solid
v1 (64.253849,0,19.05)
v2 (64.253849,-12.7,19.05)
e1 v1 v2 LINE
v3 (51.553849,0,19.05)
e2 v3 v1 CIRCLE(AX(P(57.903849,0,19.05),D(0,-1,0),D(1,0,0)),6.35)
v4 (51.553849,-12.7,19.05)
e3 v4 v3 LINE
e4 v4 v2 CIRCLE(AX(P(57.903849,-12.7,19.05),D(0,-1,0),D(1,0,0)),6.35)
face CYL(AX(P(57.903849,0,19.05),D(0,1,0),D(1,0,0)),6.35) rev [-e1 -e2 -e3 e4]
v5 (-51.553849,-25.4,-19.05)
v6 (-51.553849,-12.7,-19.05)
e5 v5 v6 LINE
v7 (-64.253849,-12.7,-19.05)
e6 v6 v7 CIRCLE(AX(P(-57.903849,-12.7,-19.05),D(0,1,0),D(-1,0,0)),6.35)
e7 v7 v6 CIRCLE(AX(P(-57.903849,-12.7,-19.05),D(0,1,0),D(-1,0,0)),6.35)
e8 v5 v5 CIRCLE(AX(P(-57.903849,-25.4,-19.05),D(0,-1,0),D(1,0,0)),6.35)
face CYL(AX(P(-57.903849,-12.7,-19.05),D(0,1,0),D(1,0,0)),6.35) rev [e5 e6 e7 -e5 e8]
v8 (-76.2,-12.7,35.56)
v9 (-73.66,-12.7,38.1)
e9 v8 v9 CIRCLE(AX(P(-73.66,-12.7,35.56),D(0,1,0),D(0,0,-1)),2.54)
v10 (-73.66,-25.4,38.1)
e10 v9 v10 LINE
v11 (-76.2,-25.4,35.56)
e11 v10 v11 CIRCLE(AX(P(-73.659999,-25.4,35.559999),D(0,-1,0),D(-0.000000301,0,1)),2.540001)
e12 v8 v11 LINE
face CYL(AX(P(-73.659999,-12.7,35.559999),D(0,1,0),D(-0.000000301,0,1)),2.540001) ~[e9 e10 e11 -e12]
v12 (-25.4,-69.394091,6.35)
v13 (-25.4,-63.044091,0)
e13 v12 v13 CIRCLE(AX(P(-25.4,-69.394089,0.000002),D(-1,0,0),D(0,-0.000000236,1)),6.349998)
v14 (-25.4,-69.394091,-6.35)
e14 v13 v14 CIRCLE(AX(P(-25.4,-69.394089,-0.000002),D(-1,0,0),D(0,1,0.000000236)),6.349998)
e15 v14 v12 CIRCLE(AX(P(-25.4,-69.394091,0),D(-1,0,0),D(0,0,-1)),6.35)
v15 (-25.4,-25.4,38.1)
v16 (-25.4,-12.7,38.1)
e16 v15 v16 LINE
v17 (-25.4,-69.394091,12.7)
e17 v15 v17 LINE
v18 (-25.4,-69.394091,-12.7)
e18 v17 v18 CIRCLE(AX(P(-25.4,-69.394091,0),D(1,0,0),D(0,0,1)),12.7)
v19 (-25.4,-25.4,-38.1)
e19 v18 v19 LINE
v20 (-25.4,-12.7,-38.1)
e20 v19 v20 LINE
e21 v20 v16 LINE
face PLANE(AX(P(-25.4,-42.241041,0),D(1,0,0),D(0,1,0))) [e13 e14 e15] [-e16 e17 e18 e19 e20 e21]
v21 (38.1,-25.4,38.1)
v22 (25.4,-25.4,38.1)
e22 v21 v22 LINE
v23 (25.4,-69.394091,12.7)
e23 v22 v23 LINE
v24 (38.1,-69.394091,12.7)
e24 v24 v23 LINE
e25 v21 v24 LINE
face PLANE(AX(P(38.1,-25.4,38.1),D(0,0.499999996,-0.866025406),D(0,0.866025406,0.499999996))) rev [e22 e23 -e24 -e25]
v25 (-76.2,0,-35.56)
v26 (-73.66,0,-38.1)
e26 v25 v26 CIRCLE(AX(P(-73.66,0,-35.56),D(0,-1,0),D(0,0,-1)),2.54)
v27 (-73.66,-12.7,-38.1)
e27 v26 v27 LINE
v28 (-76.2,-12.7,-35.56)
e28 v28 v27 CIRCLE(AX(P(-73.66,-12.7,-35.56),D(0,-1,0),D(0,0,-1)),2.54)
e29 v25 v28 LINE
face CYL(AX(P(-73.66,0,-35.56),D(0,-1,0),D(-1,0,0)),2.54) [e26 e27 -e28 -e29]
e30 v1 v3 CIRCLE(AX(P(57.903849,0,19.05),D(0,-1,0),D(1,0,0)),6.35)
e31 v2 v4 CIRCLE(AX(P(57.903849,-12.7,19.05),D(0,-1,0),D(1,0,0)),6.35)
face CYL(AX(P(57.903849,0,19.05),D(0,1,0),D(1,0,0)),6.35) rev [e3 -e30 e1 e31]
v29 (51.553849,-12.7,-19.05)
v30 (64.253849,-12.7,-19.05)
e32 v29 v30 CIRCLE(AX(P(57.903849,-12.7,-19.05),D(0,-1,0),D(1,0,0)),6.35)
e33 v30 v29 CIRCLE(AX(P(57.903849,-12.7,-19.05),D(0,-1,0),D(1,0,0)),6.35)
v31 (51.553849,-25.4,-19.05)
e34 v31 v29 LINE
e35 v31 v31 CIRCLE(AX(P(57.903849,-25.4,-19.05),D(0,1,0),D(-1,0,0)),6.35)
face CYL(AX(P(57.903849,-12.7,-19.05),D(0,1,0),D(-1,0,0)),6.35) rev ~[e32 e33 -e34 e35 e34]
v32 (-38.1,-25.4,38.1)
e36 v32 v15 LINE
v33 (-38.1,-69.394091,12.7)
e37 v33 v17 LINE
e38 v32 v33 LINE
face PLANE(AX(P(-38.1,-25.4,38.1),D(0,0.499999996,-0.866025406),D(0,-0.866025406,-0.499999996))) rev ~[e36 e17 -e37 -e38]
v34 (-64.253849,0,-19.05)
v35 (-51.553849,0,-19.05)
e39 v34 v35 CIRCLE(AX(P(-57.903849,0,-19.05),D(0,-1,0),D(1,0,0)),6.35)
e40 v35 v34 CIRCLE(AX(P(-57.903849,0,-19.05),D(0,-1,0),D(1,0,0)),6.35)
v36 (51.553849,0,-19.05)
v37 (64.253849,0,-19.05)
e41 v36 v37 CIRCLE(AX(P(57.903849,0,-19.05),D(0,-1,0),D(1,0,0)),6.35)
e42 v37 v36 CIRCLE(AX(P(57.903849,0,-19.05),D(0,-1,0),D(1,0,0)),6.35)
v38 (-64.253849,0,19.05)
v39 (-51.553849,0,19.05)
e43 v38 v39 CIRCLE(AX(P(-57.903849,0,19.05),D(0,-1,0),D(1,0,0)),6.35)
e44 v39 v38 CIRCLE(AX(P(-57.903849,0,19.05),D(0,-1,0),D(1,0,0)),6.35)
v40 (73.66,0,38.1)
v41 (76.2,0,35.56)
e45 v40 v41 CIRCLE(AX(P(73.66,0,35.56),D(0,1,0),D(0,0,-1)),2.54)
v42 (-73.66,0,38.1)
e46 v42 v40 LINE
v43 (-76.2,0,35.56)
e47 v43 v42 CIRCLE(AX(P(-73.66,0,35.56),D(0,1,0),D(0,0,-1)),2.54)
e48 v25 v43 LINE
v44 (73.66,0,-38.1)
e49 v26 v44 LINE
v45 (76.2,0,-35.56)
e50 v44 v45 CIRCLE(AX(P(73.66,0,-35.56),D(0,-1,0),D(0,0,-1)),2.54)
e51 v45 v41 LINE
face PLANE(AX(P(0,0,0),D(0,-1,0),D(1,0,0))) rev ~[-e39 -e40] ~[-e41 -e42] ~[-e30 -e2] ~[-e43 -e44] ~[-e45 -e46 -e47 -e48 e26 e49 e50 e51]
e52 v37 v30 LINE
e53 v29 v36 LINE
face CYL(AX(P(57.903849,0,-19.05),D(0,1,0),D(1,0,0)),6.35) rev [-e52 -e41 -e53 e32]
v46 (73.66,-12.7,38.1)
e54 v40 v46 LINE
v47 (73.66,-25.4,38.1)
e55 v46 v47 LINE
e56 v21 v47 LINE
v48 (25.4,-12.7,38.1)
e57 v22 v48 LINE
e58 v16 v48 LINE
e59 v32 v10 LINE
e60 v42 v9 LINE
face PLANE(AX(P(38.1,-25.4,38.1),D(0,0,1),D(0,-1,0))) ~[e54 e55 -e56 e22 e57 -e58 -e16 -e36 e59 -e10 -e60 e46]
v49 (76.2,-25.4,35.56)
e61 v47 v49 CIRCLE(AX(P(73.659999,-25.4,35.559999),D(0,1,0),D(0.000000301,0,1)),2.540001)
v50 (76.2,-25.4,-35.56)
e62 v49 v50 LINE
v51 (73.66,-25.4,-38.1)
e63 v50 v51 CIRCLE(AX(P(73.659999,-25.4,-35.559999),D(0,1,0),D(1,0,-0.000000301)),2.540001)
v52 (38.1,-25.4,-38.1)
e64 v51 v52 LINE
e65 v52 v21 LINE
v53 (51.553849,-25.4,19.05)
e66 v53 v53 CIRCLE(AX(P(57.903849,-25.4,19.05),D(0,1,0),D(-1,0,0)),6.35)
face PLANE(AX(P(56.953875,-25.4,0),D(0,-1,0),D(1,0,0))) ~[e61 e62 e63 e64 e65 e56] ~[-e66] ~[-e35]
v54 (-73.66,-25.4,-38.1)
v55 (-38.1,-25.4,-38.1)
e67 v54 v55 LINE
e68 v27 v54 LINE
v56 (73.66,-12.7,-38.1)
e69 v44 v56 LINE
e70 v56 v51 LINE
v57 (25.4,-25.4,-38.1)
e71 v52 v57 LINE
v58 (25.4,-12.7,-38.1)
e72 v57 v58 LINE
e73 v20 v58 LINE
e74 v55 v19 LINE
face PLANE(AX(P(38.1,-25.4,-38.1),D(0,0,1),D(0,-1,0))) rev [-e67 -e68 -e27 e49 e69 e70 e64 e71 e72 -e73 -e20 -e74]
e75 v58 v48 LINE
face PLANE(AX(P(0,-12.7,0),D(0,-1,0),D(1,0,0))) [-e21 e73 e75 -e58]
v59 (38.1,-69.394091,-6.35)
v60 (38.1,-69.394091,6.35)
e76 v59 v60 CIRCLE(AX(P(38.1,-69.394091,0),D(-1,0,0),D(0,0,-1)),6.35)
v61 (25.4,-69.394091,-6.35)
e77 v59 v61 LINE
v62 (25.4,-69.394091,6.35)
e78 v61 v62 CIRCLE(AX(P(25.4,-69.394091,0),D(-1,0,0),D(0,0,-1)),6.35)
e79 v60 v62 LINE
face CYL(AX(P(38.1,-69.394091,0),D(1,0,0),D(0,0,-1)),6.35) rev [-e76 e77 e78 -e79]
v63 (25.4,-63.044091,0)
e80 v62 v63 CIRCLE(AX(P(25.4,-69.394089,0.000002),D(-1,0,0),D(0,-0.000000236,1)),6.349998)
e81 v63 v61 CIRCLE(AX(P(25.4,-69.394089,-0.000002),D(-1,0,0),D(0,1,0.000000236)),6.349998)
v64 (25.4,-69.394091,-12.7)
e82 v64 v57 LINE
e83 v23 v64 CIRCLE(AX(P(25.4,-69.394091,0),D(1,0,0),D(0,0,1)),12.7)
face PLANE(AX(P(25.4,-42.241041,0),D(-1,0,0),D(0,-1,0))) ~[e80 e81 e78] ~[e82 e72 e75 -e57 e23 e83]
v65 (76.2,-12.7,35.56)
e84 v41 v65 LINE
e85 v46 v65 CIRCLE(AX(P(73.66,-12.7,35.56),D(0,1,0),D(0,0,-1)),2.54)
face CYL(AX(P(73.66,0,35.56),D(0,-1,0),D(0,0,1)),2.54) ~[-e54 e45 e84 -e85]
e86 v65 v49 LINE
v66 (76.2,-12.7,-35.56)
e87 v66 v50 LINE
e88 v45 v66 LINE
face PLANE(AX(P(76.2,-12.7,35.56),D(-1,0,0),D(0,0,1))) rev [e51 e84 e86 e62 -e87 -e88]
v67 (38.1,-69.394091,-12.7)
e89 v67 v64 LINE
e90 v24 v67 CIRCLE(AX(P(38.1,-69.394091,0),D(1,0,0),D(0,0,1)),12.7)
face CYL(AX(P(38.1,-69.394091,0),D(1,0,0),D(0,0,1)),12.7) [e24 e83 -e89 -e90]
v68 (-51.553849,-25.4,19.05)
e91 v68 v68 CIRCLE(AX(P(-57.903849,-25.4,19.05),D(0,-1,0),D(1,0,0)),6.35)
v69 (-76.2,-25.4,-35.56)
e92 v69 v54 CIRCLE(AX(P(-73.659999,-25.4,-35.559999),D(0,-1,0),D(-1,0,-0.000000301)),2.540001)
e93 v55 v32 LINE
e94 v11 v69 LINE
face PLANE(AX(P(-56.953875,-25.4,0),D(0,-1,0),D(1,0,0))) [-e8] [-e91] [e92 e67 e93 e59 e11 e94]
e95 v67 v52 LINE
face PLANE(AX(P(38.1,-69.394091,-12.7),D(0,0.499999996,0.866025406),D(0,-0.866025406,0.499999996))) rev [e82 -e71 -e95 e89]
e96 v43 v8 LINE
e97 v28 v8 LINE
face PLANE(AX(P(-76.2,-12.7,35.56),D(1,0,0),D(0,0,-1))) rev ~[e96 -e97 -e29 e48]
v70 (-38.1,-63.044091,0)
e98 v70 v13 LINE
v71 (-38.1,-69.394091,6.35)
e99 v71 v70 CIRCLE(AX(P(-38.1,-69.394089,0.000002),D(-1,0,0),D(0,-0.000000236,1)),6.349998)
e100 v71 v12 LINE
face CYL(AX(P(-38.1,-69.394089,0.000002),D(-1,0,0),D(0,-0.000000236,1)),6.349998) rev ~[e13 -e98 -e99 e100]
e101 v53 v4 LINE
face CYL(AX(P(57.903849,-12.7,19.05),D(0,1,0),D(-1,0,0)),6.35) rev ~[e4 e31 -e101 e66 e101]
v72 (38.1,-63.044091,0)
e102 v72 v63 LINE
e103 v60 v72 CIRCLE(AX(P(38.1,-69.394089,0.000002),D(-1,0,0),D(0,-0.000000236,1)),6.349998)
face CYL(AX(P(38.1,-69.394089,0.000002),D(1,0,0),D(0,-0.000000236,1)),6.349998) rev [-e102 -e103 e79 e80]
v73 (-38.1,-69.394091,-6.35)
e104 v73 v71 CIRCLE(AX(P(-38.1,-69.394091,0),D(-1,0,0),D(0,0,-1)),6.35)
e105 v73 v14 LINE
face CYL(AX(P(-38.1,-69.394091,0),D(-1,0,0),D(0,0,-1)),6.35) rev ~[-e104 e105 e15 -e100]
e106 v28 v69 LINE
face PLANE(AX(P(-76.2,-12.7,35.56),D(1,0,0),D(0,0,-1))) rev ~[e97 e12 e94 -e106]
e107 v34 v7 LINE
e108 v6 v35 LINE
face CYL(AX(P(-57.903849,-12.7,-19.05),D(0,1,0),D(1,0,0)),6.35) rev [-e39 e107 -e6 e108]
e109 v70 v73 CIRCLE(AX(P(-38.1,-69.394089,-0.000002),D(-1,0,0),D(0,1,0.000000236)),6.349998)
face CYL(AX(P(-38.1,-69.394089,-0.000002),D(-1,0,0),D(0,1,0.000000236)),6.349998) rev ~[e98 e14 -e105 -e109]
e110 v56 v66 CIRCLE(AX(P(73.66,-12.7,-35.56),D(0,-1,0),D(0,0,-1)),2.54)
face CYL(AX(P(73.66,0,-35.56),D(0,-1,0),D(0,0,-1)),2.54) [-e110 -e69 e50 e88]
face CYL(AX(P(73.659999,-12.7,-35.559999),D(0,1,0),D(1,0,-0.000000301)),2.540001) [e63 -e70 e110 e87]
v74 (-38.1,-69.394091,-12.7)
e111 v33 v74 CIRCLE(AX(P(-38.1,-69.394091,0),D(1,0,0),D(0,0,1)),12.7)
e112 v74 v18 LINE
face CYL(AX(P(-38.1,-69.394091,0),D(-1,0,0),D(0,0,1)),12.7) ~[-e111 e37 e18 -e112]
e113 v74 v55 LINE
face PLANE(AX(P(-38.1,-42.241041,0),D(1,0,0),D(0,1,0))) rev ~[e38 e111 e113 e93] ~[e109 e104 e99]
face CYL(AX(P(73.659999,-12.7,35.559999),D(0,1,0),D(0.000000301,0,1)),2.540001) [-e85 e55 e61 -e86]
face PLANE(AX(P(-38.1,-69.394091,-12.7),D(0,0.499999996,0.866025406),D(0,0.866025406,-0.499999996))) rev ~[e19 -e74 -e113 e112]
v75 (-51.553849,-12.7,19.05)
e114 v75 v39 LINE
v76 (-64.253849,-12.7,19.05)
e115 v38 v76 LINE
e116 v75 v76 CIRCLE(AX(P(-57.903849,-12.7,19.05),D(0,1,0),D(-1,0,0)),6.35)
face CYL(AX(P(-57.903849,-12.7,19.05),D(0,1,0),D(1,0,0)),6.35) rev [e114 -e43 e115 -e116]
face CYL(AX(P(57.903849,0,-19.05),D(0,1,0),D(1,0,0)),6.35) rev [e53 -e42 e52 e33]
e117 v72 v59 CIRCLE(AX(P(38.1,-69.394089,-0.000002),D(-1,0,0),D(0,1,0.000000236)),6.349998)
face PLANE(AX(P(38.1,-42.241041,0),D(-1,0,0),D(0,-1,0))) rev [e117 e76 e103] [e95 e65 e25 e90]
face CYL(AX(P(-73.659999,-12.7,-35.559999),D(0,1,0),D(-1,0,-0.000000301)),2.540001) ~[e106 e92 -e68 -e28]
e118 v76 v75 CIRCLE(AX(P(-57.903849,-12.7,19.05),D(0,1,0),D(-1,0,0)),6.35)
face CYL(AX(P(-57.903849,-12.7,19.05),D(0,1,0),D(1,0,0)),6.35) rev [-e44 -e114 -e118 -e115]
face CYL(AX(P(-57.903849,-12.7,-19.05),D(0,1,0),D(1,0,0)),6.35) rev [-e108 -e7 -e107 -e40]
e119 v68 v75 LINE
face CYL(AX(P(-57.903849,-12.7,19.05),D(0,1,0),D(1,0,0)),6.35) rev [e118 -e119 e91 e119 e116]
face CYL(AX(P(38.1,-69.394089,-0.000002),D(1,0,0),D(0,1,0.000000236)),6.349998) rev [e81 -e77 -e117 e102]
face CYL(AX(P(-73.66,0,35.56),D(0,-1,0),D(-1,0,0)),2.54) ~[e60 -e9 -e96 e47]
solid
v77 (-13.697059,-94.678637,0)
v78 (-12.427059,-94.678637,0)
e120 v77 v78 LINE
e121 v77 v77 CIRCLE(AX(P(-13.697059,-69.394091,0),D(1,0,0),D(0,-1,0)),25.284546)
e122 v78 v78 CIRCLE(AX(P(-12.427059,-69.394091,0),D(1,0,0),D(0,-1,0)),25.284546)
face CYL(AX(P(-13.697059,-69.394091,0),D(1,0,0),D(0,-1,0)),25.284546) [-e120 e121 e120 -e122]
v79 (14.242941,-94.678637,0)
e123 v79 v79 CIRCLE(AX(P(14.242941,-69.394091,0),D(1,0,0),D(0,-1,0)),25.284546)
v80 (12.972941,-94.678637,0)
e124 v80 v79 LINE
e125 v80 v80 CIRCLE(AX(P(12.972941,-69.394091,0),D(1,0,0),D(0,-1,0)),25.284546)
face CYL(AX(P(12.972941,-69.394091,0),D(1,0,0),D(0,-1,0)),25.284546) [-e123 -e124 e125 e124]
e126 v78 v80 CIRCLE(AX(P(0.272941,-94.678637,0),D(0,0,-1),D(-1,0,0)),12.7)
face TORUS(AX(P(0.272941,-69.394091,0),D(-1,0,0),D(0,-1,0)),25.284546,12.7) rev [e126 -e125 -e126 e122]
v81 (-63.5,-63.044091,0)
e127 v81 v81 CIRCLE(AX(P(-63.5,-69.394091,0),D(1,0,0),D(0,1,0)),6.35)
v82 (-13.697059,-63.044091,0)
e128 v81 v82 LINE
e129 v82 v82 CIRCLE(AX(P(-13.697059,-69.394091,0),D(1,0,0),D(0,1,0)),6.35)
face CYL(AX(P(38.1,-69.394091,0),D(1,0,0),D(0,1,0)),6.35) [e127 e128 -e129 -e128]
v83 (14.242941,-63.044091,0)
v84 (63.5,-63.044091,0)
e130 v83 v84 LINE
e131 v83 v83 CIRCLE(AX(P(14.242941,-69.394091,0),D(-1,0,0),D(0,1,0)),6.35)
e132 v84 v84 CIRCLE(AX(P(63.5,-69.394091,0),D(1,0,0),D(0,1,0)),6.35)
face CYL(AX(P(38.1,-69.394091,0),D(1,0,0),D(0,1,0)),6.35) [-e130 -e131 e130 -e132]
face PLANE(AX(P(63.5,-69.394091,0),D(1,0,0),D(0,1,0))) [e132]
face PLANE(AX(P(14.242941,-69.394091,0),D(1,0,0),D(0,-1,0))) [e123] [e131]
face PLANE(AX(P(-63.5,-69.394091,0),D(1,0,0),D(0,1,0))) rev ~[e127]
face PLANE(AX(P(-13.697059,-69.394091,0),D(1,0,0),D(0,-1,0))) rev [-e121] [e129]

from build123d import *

# Parameters (mm, degrees)
F0_W          = 152.4
F0_H          = 76.2
F0_R          = 6.35
F1_DEPTH      = 12.7
F2_R          = 2.54
F3_R          = 6.35
F4_DEPTH      = 12.7
F5_W          = 12.7
F5_H          = 76.2
F6_DEPTH      = 12.7
F8_R          = 6.35
F9_DEPTH      = 25.4
F9_DEPTH_BACK = 101.6


with BuildPart() as f1:
    # F0 (on Front) → F1 (new body)
    with BuildSketch(Plane.XZ):
        Rectangle(F0_W, F0_H)
        with Locations((-57.903849, -19.05)):
            Circle(F0_R, mode=Mode.SUBTRACT)
        with Locations((57.903849, -19.05)):
            Circle(F0_R, mode=Mode.SUBTRACT)
        with Locations((-57.903849, 19.05)):
            Circle(F0_R, mode=Mode.SUBTRACT)
        with Locations((57.903849, 19.05)):
            Circle(F0_R, mode=Mode.SUBTRACT)
    extrude(amount=F1_DEPTH)

    # F2
    f2_edges = [f1.edges().sort_by_distance(p)[0] for p in [
        (-76.2, -6.35, 38.1),
        (76.2, -6.35, 38.1),
        (-76.2, -6.35, -38.1),
        (76.2, -6.35, -38.1),
    ]]
    fillet(f2_edges, radius=F2_R)



with BuildPart() as f4:
    # F3 (on face) → F4 (new body)
    with BuildSketch(Plane.XZ.offset(12.7)):
        with BuildLine():
            Line((-38.1, -38.1), (-38.1, 38.1))
            Line((-38.1, 38.1), (-73.66, 38.1))
            ThreePointArc((-73.66, 38.1), (-75.456051, 37.356051), (-76.2, 35.56))
            Line((-76.2, 35.56), (-76.2, -35.56))
            ThreePointArc((-76.2, -35.56), (-75.456051, -37.356051), (-73.66, -38.1))
            Line((-73.66, -38.1), (-38.1, -38.1))
        make_face()
        with Locations((-57.903849, -19.05)):
            Circle(F3_R, mode=Mode.SUBTRACT)
        with Locations((-57.903849, 19.05)):
            Circle(F3_R, mode=Mode.SUBTRACT)
    extrude(amount=F4_DEPTH)


with BuildPart() as f1_1:
    add(f1.part)

    add(f4.part)  # F6 merges F4
    # F5 (on face) → F6 (join)
    with BuildSketch(Plane.YZ.offset(-38.1)):
        with BuildLine():
            Line((-69.394091, -12.7), (-25.4, -38.1))
            Line((-25.4, -38.1), (-25.4, 38.1))
            Line((-25.4, 38.1), (-69.394091, 12.7))
            ThreePointArc((-69.394091, 12.7), (-60.413834, 8.980256), (-56.694091, 0))
            ThreePointArc((-56.694091, 0), (-60.413834, -8.980256), (-69.394091, -12.7))
        make_face()
        with Locations((-19.05, 0)):
            Rectangle(F5_W, F5_H)
        with BuildLine():
            Line((-69.394091, -6.35), (-69.394091, -12.7))
            ThreePointArc((-69.394091, -12.7), (-60.413834, -8.980256), (-56.694091, 0))
            ThreePointArc((-56.694091, 0), (-60.413834, 8.980256), (-69.394091, 12.7))
            Line((-69.394091, 12.7), (-69.394091, 6.35))
            ThreePointArc((-69.394091, 6.35), (-64.903962, 4.490128), (-63.044091, 0))
            ThreePointArc((-63.044091, 0), (-64.903962, -4.490128), (-69.394091, -6.35))
        make_face()
        with BuildLine():
            ThreePointArc((-69.394091, 12.7), (-82.094091, 0), (-69.394091, -12.7))
            Line((-69.394091, -12.7), (-69.394091, -6.35))
            ThreePointArc((-69.394091, -6.35), (-75.744091, 0), (-69.394091, 6.35))
            Line((-69.394091, 6.35), (-69.394091, 12.7))
        make_face()
    extrude(amount=F6_DEPTH)

    # F7: F1 across plane


with BuildPart() as f1_2:
    add(f1_1.part)
    add(f1_1.part.mirror(Plane.YZ))


with BuildPart() as f9:
    # F8 (on face) → F9 (new body, two sides)
    with BuildSketch(Plane.YZ.offset(38.1)) as f9_sk:
        with Locations((-69.394091, 0)):
            Circle(F8_R)
    extrude(amount=F9_DEPTH)
    extrude(f9_sk.sketch, amount=-F9_DEPTH_BACK)

    # F10 (on Top) → F11 (revolve)
    with BuildSketch(Plane.XY):
        with BuildLine():
            Line((-13.697059, -75.744091), (-13.697059, -94.678637))
            Line((-13.697059, -94.678637), (-12.427059, -94.678637))
            ThreePointArc((-12.427059, -94.678637), (0.272941, -81.978637), (12.972941, -94.678637))
            Line((12.972941, -94.678637), (14.242941, -94.678637))
            Line((14.242941, -94.678637), (14.242941, -75.744091))
            Line((14.242941, -75.744091), (-13.697059, -75.744091))
        make_face()
    revolve(axis=Axis((38.1, -69.394091, 0), (1, 0, 0)))


solid = Compound([f1_2.part, f9.part])
